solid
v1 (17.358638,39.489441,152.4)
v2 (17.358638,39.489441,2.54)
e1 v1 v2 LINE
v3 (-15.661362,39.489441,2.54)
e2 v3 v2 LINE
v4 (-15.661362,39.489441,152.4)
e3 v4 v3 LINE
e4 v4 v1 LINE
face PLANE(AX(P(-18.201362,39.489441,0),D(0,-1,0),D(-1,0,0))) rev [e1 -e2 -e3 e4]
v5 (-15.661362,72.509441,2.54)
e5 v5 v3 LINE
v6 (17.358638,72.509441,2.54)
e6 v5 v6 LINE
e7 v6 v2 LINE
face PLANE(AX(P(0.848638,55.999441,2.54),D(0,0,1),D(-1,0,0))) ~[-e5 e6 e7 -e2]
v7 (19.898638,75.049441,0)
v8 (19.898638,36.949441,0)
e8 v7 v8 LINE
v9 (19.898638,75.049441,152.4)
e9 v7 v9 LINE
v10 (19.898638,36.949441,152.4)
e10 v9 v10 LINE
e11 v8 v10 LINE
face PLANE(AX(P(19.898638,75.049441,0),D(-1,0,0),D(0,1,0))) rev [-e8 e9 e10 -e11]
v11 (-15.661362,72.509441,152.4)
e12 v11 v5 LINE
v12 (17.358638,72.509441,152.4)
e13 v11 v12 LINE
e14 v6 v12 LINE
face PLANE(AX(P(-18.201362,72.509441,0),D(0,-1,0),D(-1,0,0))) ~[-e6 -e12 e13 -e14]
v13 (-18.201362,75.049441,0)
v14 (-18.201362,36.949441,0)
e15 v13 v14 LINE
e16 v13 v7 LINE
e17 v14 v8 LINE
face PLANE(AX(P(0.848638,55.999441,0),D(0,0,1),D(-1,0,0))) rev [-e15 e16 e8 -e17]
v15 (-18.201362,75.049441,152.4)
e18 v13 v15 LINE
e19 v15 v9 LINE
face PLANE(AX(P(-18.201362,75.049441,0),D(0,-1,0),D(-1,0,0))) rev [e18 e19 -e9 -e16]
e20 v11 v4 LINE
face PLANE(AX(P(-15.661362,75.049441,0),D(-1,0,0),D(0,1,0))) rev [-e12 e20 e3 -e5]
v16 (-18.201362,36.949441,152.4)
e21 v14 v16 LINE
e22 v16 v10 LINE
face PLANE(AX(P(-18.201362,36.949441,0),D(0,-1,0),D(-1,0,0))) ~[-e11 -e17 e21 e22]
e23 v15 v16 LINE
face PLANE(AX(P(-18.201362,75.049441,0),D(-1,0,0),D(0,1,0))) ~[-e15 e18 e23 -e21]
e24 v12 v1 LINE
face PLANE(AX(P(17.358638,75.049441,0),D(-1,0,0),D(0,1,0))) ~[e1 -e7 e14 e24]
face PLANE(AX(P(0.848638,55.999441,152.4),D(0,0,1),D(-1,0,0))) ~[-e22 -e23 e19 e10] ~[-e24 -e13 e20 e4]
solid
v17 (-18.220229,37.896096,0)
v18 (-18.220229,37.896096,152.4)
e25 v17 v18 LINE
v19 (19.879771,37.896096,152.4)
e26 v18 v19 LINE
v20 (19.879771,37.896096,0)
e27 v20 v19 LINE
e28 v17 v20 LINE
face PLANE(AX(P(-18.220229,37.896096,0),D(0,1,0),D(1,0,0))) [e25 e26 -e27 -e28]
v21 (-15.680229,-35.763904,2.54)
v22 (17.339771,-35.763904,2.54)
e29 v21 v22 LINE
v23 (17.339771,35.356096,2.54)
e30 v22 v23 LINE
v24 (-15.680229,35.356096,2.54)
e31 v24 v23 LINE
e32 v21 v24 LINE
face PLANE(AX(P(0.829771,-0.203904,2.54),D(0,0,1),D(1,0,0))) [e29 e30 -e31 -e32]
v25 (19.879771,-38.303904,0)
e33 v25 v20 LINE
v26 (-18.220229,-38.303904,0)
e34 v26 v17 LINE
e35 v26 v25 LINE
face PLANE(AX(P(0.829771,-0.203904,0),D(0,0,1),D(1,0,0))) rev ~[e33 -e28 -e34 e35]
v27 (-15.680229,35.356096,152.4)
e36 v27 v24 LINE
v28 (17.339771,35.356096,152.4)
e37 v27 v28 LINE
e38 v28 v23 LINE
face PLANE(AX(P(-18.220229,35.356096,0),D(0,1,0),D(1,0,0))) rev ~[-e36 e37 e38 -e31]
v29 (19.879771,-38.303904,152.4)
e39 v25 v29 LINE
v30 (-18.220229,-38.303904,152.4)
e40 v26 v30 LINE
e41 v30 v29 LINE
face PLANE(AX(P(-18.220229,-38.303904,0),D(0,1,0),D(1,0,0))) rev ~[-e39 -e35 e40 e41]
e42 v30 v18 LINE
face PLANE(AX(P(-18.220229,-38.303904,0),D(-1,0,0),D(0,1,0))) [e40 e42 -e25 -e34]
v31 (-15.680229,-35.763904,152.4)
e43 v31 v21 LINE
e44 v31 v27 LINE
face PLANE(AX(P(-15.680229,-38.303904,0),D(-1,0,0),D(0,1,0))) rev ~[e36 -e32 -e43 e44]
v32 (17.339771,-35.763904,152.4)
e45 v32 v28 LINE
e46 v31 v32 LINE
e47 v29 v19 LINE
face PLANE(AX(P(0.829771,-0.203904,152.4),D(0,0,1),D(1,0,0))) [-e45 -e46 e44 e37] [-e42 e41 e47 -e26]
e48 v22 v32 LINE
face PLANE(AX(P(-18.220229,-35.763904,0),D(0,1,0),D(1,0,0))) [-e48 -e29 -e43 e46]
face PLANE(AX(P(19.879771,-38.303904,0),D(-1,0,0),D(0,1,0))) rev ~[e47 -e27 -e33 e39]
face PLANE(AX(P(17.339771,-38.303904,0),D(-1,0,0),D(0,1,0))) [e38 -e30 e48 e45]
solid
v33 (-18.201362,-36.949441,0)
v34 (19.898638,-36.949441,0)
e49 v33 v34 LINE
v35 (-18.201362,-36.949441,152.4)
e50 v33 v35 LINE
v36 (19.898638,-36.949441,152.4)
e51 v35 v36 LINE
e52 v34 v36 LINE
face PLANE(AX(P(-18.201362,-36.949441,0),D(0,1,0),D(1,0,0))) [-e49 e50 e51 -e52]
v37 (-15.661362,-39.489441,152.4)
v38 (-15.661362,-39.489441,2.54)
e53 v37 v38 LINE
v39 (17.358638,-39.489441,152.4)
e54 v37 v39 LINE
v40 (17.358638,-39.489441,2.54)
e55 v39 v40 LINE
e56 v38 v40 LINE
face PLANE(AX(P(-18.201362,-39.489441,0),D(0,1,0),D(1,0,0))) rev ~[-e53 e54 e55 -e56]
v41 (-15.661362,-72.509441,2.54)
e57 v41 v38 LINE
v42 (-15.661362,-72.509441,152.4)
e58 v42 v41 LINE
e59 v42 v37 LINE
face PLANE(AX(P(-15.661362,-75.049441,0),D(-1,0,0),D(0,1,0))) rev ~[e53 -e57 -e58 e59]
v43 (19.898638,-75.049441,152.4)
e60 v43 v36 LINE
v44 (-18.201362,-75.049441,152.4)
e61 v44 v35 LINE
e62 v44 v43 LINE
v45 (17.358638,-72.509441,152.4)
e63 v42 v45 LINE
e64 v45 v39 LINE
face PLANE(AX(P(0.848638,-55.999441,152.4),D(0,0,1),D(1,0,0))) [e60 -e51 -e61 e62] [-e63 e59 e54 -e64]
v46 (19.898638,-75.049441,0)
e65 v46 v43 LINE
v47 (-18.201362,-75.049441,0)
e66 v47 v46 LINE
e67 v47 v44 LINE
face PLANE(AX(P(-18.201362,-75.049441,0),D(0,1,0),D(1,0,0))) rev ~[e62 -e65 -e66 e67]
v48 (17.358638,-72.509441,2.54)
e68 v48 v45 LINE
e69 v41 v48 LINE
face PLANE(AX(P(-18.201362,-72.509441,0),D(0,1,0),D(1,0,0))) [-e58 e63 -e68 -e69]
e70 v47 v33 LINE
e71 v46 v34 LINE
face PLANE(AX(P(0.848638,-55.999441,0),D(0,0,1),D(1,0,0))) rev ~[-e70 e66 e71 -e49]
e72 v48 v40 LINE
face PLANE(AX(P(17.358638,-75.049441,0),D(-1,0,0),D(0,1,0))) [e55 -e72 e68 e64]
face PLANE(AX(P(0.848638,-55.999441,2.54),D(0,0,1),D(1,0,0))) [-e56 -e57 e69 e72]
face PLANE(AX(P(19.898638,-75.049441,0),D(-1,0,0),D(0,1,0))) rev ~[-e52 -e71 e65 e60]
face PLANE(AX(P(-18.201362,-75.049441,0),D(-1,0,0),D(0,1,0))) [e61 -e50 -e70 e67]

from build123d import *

# Parameters (mm, degrees)
F0_W     = 38.1
F0_H     = 38.1
F1_DEPTH = 152.4
F2_T     = -2.54
F4_W     = 38.1
F4_H     = 76.2
F5_DEPTH = 152.4
F6_T     = -2.54


with BuildPart() as f1:
    # F0 (on Top) → F1 (new body)
    with BuildSketch(Plane.XY):
        with Locations((0.848638, -55.999441)):
            Rectangle(F0_W, F0_H)
    extrude(amount=F1_DEPTH)

    # F2
    f2_openings = [f1.faces().sort_by_distance(p)[0] for p in [
        (0.848638, -55.999441, 152.4),
    ]]
    offset(amount=F2_T, openings=f2_openings)


with BuildPart() as f3_1:
    # F3: instance of F1
    add(f1.part.mirror(Plane.XZ))


with BuildPart() as f5:
    # F4 (on Top) → F5 (new body)
    with BuildSketch(Plane.XY):
        with Locations((0.829771, -0.203904)):
            Rectangle(F4_W, F4_H)
    extrude(amount=F5_DEPTH)

    # F6
    f6_openings = [f5.faces().sort_by_distance(p)[0] for p in [
        (0.829771, -0.203904, 152.4),
    ]]
    offset(amount=F6_T, openings=f6_openings)


solid = Compound([f1.part, f3_1.part, f5.part])
